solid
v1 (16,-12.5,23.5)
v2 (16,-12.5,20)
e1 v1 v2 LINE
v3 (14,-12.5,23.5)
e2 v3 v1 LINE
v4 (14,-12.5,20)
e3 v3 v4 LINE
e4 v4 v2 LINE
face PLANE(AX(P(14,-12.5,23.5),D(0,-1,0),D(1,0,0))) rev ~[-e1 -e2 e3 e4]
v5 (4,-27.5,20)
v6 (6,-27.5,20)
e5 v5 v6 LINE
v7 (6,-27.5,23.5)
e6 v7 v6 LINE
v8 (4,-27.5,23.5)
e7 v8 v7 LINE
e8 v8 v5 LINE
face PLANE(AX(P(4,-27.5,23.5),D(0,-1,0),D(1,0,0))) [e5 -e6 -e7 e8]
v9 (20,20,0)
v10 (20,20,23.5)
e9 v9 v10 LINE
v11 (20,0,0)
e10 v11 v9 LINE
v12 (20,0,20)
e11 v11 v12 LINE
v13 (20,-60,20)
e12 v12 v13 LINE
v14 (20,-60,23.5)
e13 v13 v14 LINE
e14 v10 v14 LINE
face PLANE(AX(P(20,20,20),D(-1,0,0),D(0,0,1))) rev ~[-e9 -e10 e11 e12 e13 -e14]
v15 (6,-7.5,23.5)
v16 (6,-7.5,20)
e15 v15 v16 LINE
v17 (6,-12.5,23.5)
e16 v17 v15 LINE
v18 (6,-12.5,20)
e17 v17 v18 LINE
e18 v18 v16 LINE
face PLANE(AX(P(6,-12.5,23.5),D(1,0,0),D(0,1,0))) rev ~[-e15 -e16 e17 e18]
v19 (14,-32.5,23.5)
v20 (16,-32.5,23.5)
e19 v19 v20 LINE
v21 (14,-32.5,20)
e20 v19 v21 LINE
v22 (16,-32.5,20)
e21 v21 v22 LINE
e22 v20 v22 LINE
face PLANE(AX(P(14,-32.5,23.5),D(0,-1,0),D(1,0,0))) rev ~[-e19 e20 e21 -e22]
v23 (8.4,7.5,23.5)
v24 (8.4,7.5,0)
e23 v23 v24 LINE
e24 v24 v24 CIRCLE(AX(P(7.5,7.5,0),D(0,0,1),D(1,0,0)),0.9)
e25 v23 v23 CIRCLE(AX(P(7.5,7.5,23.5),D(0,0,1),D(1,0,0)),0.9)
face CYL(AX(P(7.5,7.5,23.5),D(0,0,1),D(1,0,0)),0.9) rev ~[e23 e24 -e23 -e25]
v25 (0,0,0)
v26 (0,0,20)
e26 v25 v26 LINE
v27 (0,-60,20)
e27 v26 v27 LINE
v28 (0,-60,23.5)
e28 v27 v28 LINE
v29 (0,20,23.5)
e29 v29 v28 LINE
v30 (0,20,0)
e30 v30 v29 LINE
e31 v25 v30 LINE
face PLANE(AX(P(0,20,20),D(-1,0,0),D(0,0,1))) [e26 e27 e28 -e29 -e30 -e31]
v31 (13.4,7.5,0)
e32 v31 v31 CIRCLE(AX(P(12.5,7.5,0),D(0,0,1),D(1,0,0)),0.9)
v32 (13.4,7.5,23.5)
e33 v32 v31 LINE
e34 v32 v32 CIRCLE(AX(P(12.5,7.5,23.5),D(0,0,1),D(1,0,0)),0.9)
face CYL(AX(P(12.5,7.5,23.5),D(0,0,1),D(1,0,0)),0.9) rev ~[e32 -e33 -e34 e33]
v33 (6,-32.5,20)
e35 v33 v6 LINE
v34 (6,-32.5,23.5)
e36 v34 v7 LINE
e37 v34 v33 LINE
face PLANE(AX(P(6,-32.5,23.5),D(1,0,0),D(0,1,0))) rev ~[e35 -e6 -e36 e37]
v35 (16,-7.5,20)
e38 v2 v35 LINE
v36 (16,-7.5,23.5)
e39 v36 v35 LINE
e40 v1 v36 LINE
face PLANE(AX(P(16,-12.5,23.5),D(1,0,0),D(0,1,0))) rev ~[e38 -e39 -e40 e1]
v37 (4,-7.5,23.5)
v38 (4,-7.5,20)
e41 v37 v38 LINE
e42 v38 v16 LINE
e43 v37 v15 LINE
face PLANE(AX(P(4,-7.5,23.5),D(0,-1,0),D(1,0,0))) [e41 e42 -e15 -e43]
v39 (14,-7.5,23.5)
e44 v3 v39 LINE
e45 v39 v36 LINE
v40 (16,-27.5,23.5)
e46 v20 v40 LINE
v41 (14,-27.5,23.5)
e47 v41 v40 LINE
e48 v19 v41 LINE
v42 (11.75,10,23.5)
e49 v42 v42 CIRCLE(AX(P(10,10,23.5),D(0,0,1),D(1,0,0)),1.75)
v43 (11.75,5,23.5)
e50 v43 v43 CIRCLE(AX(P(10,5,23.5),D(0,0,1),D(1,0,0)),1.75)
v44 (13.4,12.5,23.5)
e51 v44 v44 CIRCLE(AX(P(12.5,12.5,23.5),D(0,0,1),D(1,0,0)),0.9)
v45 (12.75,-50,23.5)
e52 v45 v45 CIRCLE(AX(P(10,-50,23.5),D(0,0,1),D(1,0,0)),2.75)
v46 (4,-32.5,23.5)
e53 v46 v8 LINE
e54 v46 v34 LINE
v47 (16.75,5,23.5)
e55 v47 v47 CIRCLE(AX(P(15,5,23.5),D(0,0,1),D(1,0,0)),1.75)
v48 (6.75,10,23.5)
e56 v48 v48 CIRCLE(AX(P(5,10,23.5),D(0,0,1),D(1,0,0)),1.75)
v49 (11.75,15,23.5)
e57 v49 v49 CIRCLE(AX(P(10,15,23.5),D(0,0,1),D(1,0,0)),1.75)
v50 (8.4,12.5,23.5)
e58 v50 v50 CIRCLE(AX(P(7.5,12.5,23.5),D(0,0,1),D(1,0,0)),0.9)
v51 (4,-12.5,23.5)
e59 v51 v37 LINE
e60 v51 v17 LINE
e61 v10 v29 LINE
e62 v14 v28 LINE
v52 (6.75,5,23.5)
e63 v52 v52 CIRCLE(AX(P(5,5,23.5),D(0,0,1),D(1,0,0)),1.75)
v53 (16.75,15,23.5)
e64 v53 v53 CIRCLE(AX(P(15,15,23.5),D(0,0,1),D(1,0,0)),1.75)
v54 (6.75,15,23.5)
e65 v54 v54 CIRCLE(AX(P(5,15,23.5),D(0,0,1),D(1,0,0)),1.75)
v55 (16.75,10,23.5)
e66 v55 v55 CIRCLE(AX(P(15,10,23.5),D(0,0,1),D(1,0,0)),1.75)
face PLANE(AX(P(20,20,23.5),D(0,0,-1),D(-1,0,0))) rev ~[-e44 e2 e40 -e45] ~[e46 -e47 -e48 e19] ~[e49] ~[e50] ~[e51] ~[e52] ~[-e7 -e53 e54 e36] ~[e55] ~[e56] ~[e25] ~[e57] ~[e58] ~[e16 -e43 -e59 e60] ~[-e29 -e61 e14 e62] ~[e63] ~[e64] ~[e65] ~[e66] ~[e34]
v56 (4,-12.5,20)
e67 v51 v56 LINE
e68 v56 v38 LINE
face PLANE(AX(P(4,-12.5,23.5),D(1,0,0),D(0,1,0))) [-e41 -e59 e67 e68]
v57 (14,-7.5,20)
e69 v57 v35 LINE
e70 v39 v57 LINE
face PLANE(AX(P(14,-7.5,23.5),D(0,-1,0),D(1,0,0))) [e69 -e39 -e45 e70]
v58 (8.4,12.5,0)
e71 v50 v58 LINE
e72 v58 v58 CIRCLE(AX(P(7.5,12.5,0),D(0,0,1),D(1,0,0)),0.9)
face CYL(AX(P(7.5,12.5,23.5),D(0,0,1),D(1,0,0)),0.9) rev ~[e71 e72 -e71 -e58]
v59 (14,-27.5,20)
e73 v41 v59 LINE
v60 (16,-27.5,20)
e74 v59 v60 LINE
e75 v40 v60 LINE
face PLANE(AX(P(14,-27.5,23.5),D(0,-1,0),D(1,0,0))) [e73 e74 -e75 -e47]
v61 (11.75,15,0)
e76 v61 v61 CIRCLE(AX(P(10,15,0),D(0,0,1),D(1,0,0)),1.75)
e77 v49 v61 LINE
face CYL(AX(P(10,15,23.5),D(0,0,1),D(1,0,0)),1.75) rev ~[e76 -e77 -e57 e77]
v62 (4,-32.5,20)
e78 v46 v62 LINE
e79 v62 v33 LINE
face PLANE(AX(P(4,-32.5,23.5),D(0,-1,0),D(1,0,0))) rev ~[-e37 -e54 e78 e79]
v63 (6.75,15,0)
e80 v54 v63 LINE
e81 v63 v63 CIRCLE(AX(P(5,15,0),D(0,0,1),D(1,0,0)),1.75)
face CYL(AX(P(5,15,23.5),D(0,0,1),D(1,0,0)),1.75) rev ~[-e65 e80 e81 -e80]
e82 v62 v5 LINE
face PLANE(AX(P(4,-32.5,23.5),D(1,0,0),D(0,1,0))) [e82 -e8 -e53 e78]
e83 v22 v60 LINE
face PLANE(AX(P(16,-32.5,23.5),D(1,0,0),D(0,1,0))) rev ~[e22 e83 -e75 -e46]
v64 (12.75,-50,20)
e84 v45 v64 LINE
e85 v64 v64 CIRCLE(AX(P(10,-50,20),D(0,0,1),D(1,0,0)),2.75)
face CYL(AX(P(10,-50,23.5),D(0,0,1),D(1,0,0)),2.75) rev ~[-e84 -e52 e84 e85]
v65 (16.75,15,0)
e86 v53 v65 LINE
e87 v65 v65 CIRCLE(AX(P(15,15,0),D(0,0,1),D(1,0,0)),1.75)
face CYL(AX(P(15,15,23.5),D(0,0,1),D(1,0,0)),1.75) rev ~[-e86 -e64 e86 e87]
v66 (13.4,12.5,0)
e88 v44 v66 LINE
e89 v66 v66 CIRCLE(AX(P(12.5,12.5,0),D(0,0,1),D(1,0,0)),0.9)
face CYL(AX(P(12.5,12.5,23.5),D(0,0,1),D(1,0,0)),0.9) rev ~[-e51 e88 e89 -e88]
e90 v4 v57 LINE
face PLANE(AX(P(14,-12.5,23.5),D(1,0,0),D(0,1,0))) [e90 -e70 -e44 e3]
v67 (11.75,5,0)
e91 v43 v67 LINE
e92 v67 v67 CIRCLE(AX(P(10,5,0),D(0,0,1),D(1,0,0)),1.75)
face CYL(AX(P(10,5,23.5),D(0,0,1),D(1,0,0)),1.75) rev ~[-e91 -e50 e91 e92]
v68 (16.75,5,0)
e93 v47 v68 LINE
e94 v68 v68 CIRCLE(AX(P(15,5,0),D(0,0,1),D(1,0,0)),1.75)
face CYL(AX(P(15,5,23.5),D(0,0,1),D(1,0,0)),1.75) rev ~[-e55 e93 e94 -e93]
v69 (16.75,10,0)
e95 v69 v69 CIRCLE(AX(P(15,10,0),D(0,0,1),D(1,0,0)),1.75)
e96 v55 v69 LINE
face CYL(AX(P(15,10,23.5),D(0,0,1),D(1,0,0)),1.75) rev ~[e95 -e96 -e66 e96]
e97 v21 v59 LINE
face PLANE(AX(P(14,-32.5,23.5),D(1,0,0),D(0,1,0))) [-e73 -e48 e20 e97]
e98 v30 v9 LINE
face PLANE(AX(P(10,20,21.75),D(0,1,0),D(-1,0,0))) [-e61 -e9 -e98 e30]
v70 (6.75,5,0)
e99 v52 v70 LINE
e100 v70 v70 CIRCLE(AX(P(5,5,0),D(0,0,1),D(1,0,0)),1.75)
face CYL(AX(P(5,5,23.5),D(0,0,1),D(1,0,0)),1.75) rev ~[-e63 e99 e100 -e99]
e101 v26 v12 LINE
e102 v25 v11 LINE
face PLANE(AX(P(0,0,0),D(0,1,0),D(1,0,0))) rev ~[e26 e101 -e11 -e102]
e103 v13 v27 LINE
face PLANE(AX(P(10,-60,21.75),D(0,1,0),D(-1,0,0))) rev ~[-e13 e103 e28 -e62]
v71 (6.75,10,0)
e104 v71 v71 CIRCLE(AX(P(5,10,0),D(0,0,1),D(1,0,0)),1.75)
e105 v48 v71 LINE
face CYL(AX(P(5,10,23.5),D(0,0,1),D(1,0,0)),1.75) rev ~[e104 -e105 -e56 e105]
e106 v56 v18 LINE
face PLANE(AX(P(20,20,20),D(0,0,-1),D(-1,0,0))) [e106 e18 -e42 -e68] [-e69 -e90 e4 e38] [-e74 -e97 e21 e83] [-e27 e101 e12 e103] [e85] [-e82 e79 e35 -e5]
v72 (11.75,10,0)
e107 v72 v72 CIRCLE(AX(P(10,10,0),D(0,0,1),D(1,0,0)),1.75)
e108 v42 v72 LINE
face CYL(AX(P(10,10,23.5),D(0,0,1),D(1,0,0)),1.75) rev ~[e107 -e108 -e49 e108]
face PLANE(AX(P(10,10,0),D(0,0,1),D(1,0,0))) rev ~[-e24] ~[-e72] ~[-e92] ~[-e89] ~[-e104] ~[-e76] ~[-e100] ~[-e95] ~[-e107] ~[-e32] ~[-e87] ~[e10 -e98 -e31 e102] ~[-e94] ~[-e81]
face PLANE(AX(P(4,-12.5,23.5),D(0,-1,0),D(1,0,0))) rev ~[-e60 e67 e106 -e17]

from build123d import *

# Parameters (mm, degrees)
F0_W     = 20
F0_H     = 20
F1_DEPTH = 20
F2_W     = 20
F2_H     = 3.5
F3_DEPTH = 80
F4_R     = 2.75
F4_W     = 2
F4_H     = 5
F5_DEPTH = 3.5
F6_R     = 1.75
F6_R_2   = 0.9
F7_DEPTH = 23.5


with BuildPart() as f1:
    # F0 (on Top) → F1 (new body)
    with BuildSketch(Plane.XY):
        with Locations((10, 10)):
            Rectangle(F0_W, F0_H)
    extrude(amount=F1_DEPTH)

    # F2 (on face) → F3 (join)
    with BuildSketch(Plane(origin=(0, 20, 0), x_dir=(-1, 0, 0), z_dir=(0, 1, 0))):
        with Locations((-10, 21.75)):
            Rectangle(F2_W, F2_H)
    extrude(amount=-F3_DEPTH)

    # F4 (on face) → F5 (cut, through all)
    with BuildSketch(Plane.XY.offset(23.5)):
        with Locations((10, -50)):
            Circle(F4_R)
        with Locations((5, -10)):
            Rectangle(F4_W, F4_H)
        with Locations((5, -30)):
            Rectangle(F4_W, F4_H)
        with Locations((15, -10)):
            Rectangle(F4_W, F4_H)
        with Locations((15, -30)):
            Rectangle(F4_W, F4_H)
    extrude(amount=-F5_DEPTH, mode=Mode.SUBTRACT)

    # F6 (on face) → F7 (cut, through all)
    with BuildSketch(Plane.XY.offset(23.5)):
        with Locations((5, 15)):
            Circle(F6_R)
        with Locations((10, 15)):
            Circle(F6_R)
        with Locations((15, 15)):
            Circle(F6_R)
        with Locations((5, 10)):
            Circle(F6_R)
        with Locations((10, 10)):
            Circle(F6_R)
        with Locations((15, 10)):
            Circle(F6_R)
        with Locations((5, 5)):
            Circle(F6_R)
        with Locations((10, 5)):
            Circle(F6_R)
        with Locations((15, 5)):
            Circle(F6_R)
        with Locations((7.5, 12.5)):
            Circle(F6_R_2)
        with Locations((7.5, 7.5)):
            Circle(F6_R_2)
        with Locations((12.5, 12.5)):
            Circle(F6_R_2)
        with Locations((12.5, 7.5)):
            Circle(F6_R_2)
    extrude(amount=-F7_DEPTH, mode=Mode.SUBTRACT)


solid = f1.part
